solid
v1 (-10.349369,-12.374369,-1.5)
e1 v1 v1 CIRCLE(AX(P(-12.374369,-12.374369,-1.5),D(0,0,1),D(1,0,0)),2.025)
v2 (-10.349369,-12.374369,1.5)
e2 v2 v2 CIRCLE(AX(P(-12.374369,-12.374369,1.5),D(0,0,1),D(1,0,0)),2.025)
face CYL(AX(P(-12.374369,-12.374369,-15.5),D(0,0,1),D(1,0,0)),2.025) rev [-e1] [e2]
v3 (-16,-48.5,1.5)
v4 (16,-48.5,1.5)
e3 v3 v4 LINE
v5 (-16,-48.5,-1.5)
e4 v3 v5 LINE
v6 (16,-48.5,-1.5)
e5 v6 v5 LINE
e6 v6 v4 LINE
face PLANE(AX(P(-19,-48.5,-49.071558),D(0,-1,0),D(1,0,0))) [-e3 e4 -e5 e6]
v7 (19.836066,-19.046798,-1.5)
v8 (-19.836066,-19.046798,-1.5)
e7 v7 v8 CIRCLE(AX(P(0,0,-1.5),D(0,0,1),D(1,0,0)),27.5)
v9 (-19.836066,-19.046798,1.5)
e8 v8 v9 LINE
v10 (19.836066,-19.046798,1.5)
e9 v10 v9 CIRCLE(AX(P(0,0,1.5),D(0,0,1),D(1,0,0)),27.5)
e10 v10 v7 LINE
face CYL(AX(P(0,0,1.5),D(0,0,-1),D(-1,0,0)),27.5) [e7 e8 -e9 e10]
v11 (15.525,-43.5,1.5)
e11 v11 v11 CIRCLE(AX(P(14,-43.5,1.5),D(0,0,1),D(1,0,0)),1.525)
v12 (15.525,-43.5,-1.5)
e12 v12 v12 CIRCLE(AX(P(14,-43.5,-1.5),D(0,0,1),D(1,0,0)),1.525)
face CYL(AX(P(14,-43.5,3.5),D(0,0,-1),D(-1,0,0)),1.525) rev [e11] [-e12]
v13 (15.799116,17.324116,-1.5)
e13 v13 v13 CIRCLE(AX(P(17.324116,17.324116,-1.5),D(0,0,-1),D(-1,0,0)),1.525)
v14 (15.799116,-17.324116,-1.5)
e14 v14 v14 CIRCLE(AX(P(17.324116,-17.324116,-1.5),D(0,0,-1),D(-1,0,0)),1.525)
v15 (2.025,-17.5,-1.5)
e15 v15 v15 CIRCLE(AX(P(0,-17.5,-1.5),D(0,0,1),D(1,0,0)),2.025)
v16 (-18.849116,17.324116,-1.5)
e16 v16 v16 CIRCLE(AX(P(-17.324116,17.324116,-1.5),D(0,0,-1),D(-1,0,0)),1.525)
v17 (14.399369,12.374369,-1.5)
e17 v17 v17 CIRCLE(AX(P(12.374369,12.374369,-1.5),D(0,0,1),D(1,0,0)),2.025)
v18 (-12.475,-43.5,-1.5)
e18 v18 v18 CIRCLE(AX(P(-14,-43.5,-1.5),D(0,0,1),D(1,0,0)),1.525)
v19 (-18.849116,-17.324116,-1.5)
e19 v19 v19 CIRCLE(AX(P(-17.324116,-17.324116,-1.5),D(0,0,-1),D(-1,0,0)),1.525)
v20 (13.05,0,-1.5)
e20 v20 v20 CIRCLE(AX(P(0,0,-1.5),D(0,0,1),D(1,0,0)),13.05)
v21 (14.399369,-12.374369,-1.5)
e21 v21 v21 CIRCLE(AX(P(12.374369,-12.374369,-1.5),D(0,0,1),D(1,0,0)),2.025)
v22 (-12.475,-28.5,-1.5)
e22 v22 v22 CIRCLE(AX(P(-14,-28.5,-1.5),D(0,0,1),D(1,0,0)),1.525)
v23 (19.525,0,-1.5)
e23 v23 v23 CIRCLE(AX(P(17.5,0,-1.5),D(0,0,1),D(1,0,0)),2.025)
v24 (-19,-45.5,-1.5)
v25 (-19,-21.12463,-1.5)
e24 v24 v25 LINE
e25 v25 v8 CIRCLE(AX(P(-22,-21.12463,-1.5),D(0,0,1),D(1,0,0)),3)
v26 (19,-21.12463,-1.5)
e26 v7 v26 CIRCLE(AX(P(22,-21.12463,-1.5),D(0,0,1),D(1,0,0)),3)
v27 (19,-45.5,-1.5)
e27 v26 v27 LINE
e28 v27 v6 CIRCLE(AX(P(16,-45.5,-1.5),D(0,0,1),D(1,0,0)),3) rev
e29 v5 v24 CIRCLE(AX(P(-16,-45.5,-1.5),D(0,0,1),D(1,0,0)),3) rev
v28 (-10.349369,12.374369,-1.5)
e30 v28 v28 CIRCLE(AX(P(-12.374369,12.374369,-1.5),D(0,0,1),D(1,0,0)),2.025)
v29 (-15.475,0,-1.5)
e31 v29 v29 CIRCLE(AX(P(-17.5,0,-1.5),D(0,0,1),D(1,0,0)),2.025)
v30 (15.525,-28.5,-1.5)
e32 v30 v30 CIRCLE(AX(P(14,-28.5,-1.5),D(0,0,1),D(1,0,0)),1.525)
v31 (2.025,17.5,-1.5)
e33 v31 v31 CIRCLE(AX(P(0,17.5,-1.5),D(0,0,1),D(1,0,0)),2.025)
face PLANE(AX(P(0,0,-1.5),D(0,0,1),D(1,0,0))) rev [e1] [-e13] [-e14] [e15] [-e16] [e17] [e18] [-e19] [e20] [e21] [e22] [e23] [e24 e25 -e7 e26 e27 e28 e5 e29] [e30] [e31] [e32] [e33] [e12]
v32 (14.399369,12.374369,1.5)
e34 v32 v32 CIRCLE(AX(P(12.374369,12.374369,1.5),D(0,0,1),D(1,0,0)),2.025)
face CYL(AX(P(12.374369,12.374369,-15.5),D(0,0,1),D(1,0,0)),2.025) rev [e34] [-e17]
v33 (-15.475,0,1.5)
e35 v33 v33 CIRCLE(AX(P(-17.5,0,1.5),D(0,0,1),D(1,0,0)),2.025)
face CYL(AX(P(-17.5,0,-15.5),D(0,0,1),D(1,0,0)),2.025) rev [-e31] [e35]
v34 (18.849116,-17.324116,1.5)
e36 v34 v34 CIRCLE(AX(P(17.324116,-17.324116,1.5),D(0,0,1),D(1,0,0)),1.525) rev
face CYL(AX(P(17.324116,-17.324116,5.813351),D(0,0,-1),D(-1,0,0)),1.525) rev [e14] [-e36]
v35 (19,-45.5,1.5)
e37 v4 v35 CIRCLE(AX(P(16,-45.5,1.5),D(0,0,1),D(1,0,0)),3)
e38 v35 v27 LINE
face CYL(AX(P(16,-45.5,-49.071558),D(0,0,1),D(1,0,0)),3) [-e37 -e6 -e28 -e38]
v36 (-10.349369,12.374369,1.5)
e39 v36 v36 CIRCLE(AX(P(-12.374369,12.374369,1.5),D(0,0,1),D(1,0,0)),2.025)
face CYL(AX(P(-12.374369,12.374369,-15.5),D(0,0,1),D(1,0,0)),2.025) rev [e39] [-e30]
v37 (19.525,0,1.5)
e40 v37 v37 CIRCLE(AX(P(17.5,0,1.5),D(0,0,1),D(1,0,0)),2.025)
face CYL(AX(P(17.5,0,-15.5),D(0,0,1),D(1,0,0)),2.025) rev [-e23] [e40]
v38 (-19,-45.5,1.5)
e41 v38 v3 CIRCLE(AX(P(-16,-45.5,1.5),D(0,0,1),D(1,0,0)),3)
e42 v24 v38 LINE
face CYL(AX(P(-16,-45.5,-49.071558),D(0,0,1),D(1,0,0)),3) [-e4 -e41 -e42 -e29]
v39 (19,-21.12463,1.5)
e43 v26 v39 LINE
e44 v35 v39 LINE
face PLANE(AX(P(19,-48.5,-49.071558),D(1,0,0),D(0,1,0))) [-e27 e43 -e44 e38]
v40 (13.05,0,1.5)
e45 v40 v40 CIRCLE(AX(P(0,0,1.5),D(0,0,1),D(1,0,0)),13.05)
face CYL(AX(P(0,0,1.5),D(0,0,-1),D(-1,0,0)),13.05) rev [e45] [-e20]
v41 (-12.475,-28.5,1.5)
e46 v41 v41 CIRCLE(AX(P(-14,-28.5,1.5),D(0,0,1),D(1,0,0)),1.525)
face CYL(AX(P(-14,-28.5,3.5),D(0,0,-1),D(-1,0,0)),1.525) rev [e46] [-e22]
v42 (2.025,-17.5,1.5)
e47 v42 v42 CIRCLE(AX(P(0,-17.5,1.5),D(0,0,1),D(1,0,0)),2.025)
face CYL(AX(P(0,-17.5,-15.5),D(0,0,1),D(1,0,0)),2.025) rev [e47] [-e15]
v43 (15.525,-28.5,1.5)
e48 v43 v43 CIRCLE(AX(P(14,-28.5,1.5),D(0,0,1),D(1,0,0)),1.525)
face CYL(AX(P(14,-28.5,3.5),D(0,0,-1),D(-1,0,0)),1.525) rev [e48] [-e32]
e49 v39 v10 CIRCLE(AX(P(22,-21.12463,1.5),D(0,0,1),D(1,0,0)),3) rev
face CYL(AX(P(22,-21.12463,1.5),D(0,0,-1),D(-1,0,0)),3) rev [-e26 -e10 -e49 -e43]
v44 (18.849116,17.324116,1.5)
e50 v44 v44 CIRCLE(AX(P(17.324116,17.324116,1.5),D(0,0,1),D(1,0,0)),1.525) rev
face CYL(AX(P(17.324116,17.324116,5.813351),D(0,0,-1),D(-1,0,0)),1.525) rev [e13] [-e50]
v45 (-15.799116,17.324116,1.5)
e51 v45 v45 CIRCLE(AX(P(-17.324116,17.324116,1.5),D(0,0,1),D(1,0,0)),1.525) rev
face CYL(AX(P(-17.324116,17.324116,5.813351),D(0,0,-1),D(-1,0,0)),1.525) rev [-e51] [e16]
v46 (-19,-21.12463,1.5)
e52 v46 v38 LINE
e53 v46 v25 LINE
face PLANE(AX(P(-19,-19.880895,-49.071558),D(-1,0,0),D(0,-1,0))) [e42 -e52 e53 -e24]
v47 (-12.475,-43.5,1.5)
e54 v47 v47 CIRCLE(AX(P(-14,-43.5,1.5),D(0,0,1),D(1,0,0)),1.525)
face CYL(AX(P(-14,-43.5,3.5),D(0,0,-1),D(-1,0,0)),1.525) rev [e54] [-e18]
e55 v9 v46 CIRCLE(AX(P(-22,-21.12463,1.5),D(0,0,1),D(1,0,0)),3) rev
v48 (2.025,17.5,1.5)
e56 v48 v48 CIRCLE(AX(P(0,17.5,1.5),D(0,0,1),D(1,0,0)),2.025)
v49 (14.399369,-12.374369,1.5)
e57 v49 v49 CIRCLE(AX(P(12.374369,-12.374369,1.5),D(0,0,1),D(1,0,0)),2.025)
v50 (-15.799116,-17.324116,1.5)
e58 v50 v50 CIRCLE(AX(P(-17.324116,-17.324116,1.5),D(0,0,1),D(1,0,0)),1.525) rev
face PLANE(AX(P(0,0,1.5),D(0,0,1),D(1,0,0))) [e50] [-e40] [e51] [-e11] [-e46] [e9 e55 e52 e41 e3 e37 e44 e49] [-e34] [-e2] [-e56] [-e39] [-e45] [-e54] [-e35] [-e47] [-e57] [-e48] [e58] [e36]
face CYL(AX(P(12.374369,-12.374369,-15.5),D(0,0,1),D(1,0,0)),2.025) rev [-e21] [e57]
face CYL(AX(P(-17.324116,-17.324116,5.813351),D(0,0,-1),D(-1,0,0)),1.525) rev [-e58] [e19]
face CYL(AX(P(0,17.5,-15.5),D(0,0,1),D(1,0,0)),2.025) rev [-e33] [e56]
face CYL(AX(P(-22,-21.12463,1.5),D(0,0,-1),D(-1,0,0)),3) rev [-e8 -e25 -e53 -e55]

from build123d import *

# Parameters (mm, degrees)
SKETCH_1_R          = 27.5
SKETCH_1_R_2        = 13.05
EXTRUDE_1_DEPTH     = 1.5
SKETCH_2_R          = 2.025
CUT_EXTRUDE_1_DEPTH = 17
EXTRUDE_2_DEPTH     = 3
SKETCH_5_R          = 1.525
CUT_EXTRUDE_2_DEPTH = 3
FILLET_1_R          = 3
SKETCH_7_R          = 1.525
CUT_EXTRUDE_4_DEPTH = 5


with BuildPart() as part:
    # 草图1 → 凸台-拉伸1 (new, symmetric)
    with BuildSketch(Plane.XY):
        Circle(SKETCH_1_R)
        Circle(SKETCH_1_R_2, mode=Mode.SUBTRACT)
    extrude(amount=EXTRUDE_1_DEPTH, both=True)

    # 草图2 → 切除-拉伸1 (cut, symmetric)
    with BuildSketch(Plane.XY.offset(1.5)):
        with Locations((0, 17.5)):
            Circle(SKETCH_2_R)
        with Locations((12.374368671, 12.374368671)):
            Circle(SKETCH_2_R)
        with Locations((17.5, 0)):
            Circle(SKETCH_2_R)
        with Locations((12.374368671, -12.374368671)):
            Circle(SKETCH_2_R)
        with Locations((0, -17.5)):
            Circle(SKETCH_2_R)
        with Locations((-12.374368671, -12.374368671)):
            Circle(SKETCH_2_R)
        with Locations((-17.5, 0)):
            Circle(SKETCH_2_R)
        with Locations((-12.374368671, 12.374368671)):
            Circle(SKETCH_2_R)
    extrude(amount=CUT_EXTRUDE_1_DEPTH, both=True, mode=Mode.SUBTRACT)

    # 草图4 → 凸台-拉伸2 (add)
    with BuildSketch(Plane.XY.offset(1.5)):
        with BuildLine():
            Line((-19, -19.880895352), (-19, -48.5))
            Line((-19, -48.5), (19, -48.5))
            Line((19, -48.5), (19, -19.880895352))
            ThreePointArc((19, -19.880895352), (0, -27.5), (-19, -19.880895352))
        make_face()
    extrude(amount=-EXTRUDE_2_DEPTH)

    # 草图5 → 切除-拉伸2 (cut)
    with BuildSketch(Plane(origin=(0, 0, -1.5), x_dir=(-1, 0, 0), z_dir=(0, 0, -1))):
        with Locations((17.324116139, 17.324116139)):
            Circle(SKETCH_5_R)
        with Locations((17.324116139, -17.324116139)):
            Circle(SKETCH_5_R)
        with Locations((-17.324116139, -17.324116139)):
            Circle(SKETCH_5_R)
        with Locations((-17.324116139, 17.324116139)):
            Circle(SKETCH_5_R)
    extrude(amount=-CUT_EXTRUDE_2_DEPTH, mode=Mode.SUBTRACT)

    # 圆角1
    fillet_1_edges = [part.edges().sort_by_distance(p)[0] for p in [
        (-19, -19.880895352, 0),
        (19, -19.880895352, 0),
        (19, -48.5, 0),
        (-19, -48.5, 0),
    ]]
    fillet(fillet_1_edges, radius=FILLET_1_R)

    # 草图7 → 切除-拉伸4 (cut, symmetric)
    with BuildSketch(Plane(origin=(0, 0, -1.5), x_dir=(-1, 0, 0), z_dir=(0, 0, -1))):
        with Locations(Location((-14, -43.5, 0), (0, 0, 180))):
            Circle(SKETCH_7_R)
        with Locations(Location((-14, -28.5, 0), (0, 0, 180))):
            Circle(SKETCH_7_R)
        with Locations(Location((14, -43.5, 0), (0, 0, 180))):
            Circle(SKETCH_7_R)
        with Locations(Location((14, -28.5, 0), (0, 0, 180))):
            Circle(SKETCH_7_R)
    extrude(amount=CUT_EXTRUDE_4_DEPTH, both=True, mode=Mode.SUBTRACT)


solid = part.part
